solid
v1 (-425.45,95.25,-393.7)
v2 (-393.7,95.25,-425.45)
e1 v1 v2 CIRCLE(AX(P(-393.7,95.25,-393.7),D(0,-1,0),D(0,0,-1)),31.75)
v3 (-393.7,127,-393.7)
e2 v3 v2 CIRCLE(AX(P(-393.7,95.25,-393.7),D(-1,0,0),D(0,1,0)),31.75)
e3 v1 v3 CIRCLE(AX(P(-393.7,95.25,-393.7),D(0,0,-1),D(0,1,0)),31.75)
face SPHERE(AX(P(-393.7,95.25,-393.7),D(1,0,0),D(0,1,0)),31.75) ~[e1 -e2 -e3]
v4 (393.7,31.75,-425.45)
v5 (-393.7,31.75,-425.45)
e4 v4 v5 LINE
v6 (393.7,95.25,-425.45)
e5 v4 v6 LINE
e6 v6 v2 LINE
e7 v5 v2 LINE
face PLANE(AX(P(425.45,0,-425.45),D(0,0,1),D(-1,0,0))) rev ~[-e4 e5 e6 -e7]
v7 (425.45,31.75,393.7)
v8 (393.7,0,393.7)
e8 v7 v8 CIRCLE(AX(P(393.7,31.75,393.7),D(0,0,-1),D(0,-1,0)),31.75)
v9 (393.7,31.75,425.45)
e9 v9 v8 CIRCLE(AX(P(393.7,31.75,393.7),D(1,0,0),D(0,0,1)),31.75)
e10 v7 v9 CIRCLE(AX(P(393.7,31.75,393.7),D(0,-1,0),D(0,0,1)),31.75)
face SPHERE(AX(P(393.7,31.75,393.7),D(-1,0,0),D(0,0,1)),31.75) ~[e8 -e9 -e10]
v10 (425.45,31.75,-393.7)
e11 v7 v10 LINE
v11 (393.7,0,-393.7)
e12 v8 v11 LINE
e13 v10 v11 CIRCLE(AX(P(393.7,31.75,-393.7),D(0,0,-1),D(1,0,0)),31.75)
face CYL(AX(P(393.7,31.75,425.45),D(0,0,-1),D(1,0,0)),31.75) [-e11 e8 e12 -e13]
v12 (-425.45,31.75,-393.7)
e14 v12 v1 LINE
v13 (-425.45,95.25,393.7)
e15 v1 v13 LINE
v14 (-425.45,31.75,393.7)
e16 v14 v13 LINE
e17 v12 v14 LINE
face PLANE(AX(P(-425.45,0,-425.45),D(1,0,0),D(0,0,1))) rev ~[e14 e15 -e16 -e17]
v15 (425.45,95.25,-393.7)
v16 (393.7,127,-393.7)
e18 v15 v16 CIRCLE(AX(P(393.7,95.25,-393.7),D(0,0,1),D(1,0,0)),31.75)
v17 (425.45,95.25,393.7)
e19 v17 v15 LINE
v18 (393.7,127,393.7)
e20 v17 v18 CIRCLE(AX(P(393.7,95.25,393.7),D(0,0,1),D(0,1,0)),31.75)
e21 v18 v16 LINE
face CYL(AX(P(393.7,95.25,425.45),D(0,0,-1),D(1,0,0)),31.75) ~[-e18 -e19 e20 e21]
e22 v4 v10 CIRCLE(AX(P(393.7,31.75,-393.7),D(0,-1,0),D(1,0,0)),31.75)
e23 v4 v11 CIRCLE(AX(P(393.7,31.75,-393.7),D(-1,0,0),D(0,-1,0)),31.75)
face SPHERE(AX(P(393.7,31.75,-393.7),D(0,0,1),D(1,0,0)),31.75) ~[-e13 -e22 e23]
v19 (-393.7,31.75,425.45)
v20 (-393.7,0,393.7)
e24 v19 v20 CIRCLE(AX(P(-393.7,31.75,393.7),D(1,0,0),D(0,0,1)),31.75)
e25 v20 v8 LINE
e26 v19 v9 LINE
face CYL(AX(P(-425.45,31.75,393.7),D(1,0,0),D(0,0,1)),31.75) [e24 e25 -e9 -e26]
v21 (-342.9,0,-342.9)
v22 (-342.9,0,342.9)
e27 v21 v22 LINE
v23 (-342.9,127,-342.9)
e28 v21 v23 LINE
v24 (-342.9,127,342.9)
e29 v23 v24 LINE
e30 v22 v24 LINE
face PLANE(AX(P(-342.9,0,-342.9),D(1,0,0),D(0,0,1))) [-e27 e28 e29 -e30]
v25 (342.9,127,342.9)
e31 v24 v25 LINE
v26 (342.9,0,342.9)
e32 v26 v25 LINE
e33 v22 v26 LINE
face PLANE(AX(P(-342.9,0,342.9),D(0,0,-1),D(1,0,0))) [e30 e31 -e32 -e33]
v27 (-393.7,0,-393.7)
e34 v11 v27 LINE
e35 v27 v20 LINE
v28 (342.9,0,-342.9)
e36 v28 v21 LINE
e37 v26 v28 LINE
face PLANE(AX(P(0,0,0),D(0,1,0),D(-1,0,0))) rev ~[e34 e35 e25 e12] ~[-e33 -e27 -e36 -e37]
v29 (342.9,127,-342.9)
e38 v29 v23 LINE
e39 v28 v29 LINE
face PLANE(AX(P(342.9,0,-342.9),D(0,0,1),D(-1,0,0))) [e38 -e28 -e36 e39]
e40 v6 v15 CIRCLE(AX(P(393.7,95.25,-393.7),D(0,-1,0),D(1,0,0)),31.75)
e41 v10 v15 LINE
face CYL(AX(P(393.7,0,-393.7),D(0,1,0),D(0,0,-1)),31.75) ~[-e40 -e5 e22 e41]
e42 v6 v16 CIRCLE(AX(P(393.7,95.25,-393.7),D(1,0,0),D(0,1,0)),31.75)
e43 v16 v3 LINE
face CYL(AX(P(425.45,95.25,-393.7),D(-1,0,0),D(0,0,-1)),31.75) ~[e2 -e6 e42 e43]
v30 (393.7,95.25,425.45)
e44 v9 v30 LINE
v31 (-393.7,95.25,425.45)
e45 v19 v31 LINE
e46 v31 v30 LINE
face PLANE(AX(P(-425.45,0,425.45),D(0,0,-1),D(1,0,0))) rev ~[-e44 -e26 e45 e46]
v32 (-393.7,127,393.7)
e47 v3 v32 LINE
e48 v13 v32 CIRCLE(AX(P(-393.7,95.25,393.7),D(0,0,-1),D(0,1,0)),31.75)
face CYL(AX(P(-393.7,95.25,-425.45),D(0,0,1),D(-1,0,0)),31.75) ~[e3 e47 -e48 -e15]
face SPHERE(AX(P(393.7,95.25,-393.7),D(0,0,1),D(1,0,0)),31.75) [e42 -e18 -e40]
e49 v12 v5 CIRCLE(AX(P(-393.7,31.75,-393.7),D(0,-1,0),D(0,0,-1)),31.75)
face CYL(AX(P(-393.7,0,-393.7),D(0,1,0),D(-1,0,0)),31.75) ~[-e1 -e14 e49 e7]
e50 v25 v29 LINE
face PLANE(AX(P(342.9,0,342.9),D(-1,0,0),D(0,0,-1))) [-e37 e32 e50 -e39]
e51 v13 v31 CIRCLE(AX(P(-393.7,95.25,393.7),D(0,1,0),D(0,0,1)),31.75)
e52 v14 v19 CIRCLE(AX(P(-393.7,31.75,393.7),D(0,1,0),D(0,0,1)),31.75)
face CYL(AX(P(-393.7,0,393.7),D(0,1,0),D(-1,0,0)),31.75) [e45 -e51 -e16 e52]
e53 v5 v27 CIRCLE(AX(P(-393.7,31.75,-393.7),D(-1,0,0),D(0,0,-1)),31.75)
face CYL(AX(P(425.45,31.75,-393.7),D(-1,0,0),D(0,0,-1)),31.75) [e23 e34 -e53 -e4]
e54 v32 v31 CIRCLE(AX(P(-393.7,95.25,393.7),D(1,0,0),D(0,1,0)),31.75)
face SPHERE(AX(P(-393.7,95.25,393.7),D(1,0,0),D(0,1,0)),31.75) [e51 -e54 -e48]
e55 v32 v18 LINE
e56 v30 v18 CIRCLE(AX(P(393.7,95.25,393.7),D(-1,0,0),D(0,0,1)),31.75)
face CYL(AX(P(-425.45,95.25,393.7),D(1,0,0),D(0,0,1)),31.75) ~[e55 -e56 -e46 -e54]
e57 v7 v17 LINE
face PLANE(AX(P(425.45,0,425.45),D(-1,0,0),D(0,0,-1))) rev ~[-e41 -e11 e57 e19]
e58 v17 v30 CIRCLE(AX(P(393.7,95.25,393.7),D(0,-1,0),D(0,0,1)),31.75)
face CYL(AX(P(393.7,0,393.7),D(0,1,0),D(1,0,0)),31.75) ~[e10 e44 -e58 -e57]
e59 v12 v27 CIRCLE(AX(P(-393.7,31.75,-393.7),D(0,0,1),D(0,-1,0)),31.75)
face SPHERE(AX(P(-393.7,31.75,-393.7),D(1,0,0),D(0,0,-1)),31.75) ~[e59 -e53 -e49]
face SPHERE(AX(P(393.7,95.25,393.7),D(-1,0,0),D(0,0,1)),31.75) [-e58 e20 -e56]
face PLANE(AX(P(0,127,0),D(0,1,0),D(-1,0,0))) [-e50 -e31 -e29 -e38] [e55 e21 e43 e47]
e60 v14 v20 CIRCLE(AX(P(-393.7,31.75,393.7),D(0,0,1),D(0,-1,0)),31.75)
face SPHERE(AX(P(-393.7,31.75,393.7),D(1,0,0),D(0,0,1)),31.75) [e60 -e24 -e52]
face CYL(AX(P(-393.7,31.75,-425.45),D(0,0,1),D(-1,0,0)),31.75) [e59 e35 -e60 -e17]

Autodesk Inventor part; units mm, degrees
ref_plane "YZ Plane" through (0, 0, 0) normal (1, 0, 0) x (0, 1, 0)
ref_plane "XZ Plane" through (0, 0, 0) normal (0, 1, 0) x (-1, 0, 0)
ref_plane "XY Plane" through (0, 0, 0) normal (0, 0, 1) x (1, 0, 0)
sketch "Sketch1" plane through (0, 0, 0) normal (0, 1, 0) x (-1, 0, 0)
  line L0 (342.9, 342.9) -> (-342.9, 342.9)
  line L1 (-342.9, 342.9) -> (-342.9, -342.9)
  line L2 (-342.9, -342.9) -> (342.9, -342.9)
  line L3 (342.9, -342.9) -> (342.9, 342.9)
  line L4 (342.9, 342.9) -> (-342.9, -342.9) construction
  line L5 (-342.9, 342.9) -> (342.9, -342.9) construction
  line L6 (425.45, 425.45) -> (-425.45, 425.45)
  line L7 (-425.45, 425.45) -> (-425.45, -425.45)
  line L8 (-425.45, -425.45) -> (425.45, -425.45)
  line L9 (425.45, -425.45) -> (425.45, 425.45)
  line L10 (425.45, 425.45) -> (-425.45, -425.45) construction
  line L11 (-425.45, 425.45) -> (425.45, -425.45) construction
  point P0 (0, 0)
  dimension "d0" = 82.55
  dimension "d1" = 82.55
  dimension "d2" = 685.8
  dimension "d3" = 685.8
extrude "Extrusion1" add sketch "Sketch1" along normal blind 127
fillet "Fillet1" radius 31.75 12 edges at (0, 127, 425.45) (0, 0, 425.45) (425.45, 63.5, 425.45) (425.45, 127, 0) (425.45, 0, 0) (425.45, 63.5, -425.45) (0, 127, -425.45) (-425.45, 127, 0) (-425.45, 63.5, 425.45) (0, 0, -425.45) (-425.45, 63.5, -425.45) (-425.45, 0, 0)
sketch "Bumper_Gaps" plane through (0, 127, 0) normal (0, 1, 0) x (1, 0, 0)
  line L0 (-203.2, -425.45) -> (203.2, -425.45)
  line L1 (203.2, -425.45) -> (203.2, -342.9)
  line L2 (203.2, -342.9) -> (-203.2, -342.9)
  line L3 (-203.2, -342.9) -> (-203.2, -425.45)
  line L4 (-203.2, -425.45) -> (203.2, -342.9) construction
  line L5 (203.2, -425.45) -> (-203.2, -342.9) construction
  line L6 (-425.45, -254) -> (-342.9, -254)
  line L7 (-342.9, -254) -> (-342.9, 254)
  line L8 (-342.9, 254) -> (-425.45, 254)
  line L9 (-425.45, 254) -> (-425.45, -254)
  line L10 (-425.45, -254) -> (-342.9, 254) construction
  line L11 (-342.9, -254) -> (-425.45, 254) construction
  line L12 (342.9, -254) -> (425.45, -254)
  line L13 (425.45, -254) -> (425.45, 254)
  line L14 (425.45, 254) -> (342.9, 254)
  line L15 (342.9, 254) -> (342.9, -254)
  line L16 (342.9, -254) -> (425.45, 254) construction
  line L17 (425.45, -254) -> (342.9, 254) construction
  line L18 (-342.9, -342.9) -> (-342.9, 342.9) projected
  line L19 (-425.45, 393.7) -> (-425.45, -393.7) projected
  line L20 (342.9, 342.9) -> (342.9, -342.9) projected
  line L21 (425.45, -393.7) -> (425.45, 393.7) projected
  line L22 (342.9, -342.9) -> (-342.9, -342.9) projected
  line L23 (-393.7, -425.45) -> (393.7, -425.45) projected
  line L24 (-196.85, 342.9) -> (196.85, 342.9)
  line L25 (196.85, 342.9) -> (196.85, 425.45)
  line L26 (196.85, 425.45) -> (-196.85, 425.45)
  line L27 (-196.85, 425.45) -> (-196.85, 342.9)
  line L28 (-196.85, 342.9) -> (196.85, 425.45) construction
  line L29 (196.85, 342.9) -> (-196.85, 425.45) construction
  line L30 (393.7, 425.45) -> (-393.7, 425.45) projected
  line L31 (-342.9, 342.9) -> (342.9, 342.9) projected
  point P0 (0, 0)
  point P1 (0, -384.175)
  point P2 (-384.175, 0)
  point P3 (384.175, 0)
  point P4 (0, 384.175)
  dimension "d15" = 406.4
  dimension "d16" = 393.7
  dimension "d17" = 508
  dimension "d18" = 508
extrude "Front_Gap" [suppressed]
extrude "Back_Gap" [suppressed]
extrude "Left_Gap" [suppressed]
extrude "Right_Gap" [suppressed]
equation "\"d1\" = d0"
equation "\"d2\" = Length"
equation "\"d3\" = Width"
equation "\"d15\" = Front_Width"
equation "\"d16\" = Back_Width"
equation "\"d17\" = Left_Width"
equation "\"d18\" = Right_Width"
equation "\"Length\" = 685.8"
equation "\"Width\" = 685.8"
equation "\"Front_Width\" = 406.4"
equation "\"Back_Width\" = 393.7"
equation "\"Left_Width\" = 508"
equation "\"Right_Width\" = 508"
equation "\"Front_Edge\" = 152.4"
equation "\"Back_Edge\" = 152.4"
equation "\"Left_Edge\" = 152.4"
equation "\"Right_Edge\" = 152.4"
equation "\"FECalc\" = -0.5 * Front_Width + 0.5 * Width"
equation "\"BECalc\" = -0.5 * Back_Width + 0.5 * Width"
equation "\"LECalc\" = -0.5 * Left_Width + 0.5 * Length"
equation "\"RECalc\" = -0.5 * Right_Width + 0.5 * Length"
equation "\"FWCalc\" = Width - 2 * Front_Edge"
equation "\"BWCalc\" = Width - 2 * Back_Edge"
equation "\"LWCalc\" = Length - 2 * Left_Edge"
equation "\"RWCalc\" = Length - 2 * Right_Edge"
properties part number "Bumpers"
